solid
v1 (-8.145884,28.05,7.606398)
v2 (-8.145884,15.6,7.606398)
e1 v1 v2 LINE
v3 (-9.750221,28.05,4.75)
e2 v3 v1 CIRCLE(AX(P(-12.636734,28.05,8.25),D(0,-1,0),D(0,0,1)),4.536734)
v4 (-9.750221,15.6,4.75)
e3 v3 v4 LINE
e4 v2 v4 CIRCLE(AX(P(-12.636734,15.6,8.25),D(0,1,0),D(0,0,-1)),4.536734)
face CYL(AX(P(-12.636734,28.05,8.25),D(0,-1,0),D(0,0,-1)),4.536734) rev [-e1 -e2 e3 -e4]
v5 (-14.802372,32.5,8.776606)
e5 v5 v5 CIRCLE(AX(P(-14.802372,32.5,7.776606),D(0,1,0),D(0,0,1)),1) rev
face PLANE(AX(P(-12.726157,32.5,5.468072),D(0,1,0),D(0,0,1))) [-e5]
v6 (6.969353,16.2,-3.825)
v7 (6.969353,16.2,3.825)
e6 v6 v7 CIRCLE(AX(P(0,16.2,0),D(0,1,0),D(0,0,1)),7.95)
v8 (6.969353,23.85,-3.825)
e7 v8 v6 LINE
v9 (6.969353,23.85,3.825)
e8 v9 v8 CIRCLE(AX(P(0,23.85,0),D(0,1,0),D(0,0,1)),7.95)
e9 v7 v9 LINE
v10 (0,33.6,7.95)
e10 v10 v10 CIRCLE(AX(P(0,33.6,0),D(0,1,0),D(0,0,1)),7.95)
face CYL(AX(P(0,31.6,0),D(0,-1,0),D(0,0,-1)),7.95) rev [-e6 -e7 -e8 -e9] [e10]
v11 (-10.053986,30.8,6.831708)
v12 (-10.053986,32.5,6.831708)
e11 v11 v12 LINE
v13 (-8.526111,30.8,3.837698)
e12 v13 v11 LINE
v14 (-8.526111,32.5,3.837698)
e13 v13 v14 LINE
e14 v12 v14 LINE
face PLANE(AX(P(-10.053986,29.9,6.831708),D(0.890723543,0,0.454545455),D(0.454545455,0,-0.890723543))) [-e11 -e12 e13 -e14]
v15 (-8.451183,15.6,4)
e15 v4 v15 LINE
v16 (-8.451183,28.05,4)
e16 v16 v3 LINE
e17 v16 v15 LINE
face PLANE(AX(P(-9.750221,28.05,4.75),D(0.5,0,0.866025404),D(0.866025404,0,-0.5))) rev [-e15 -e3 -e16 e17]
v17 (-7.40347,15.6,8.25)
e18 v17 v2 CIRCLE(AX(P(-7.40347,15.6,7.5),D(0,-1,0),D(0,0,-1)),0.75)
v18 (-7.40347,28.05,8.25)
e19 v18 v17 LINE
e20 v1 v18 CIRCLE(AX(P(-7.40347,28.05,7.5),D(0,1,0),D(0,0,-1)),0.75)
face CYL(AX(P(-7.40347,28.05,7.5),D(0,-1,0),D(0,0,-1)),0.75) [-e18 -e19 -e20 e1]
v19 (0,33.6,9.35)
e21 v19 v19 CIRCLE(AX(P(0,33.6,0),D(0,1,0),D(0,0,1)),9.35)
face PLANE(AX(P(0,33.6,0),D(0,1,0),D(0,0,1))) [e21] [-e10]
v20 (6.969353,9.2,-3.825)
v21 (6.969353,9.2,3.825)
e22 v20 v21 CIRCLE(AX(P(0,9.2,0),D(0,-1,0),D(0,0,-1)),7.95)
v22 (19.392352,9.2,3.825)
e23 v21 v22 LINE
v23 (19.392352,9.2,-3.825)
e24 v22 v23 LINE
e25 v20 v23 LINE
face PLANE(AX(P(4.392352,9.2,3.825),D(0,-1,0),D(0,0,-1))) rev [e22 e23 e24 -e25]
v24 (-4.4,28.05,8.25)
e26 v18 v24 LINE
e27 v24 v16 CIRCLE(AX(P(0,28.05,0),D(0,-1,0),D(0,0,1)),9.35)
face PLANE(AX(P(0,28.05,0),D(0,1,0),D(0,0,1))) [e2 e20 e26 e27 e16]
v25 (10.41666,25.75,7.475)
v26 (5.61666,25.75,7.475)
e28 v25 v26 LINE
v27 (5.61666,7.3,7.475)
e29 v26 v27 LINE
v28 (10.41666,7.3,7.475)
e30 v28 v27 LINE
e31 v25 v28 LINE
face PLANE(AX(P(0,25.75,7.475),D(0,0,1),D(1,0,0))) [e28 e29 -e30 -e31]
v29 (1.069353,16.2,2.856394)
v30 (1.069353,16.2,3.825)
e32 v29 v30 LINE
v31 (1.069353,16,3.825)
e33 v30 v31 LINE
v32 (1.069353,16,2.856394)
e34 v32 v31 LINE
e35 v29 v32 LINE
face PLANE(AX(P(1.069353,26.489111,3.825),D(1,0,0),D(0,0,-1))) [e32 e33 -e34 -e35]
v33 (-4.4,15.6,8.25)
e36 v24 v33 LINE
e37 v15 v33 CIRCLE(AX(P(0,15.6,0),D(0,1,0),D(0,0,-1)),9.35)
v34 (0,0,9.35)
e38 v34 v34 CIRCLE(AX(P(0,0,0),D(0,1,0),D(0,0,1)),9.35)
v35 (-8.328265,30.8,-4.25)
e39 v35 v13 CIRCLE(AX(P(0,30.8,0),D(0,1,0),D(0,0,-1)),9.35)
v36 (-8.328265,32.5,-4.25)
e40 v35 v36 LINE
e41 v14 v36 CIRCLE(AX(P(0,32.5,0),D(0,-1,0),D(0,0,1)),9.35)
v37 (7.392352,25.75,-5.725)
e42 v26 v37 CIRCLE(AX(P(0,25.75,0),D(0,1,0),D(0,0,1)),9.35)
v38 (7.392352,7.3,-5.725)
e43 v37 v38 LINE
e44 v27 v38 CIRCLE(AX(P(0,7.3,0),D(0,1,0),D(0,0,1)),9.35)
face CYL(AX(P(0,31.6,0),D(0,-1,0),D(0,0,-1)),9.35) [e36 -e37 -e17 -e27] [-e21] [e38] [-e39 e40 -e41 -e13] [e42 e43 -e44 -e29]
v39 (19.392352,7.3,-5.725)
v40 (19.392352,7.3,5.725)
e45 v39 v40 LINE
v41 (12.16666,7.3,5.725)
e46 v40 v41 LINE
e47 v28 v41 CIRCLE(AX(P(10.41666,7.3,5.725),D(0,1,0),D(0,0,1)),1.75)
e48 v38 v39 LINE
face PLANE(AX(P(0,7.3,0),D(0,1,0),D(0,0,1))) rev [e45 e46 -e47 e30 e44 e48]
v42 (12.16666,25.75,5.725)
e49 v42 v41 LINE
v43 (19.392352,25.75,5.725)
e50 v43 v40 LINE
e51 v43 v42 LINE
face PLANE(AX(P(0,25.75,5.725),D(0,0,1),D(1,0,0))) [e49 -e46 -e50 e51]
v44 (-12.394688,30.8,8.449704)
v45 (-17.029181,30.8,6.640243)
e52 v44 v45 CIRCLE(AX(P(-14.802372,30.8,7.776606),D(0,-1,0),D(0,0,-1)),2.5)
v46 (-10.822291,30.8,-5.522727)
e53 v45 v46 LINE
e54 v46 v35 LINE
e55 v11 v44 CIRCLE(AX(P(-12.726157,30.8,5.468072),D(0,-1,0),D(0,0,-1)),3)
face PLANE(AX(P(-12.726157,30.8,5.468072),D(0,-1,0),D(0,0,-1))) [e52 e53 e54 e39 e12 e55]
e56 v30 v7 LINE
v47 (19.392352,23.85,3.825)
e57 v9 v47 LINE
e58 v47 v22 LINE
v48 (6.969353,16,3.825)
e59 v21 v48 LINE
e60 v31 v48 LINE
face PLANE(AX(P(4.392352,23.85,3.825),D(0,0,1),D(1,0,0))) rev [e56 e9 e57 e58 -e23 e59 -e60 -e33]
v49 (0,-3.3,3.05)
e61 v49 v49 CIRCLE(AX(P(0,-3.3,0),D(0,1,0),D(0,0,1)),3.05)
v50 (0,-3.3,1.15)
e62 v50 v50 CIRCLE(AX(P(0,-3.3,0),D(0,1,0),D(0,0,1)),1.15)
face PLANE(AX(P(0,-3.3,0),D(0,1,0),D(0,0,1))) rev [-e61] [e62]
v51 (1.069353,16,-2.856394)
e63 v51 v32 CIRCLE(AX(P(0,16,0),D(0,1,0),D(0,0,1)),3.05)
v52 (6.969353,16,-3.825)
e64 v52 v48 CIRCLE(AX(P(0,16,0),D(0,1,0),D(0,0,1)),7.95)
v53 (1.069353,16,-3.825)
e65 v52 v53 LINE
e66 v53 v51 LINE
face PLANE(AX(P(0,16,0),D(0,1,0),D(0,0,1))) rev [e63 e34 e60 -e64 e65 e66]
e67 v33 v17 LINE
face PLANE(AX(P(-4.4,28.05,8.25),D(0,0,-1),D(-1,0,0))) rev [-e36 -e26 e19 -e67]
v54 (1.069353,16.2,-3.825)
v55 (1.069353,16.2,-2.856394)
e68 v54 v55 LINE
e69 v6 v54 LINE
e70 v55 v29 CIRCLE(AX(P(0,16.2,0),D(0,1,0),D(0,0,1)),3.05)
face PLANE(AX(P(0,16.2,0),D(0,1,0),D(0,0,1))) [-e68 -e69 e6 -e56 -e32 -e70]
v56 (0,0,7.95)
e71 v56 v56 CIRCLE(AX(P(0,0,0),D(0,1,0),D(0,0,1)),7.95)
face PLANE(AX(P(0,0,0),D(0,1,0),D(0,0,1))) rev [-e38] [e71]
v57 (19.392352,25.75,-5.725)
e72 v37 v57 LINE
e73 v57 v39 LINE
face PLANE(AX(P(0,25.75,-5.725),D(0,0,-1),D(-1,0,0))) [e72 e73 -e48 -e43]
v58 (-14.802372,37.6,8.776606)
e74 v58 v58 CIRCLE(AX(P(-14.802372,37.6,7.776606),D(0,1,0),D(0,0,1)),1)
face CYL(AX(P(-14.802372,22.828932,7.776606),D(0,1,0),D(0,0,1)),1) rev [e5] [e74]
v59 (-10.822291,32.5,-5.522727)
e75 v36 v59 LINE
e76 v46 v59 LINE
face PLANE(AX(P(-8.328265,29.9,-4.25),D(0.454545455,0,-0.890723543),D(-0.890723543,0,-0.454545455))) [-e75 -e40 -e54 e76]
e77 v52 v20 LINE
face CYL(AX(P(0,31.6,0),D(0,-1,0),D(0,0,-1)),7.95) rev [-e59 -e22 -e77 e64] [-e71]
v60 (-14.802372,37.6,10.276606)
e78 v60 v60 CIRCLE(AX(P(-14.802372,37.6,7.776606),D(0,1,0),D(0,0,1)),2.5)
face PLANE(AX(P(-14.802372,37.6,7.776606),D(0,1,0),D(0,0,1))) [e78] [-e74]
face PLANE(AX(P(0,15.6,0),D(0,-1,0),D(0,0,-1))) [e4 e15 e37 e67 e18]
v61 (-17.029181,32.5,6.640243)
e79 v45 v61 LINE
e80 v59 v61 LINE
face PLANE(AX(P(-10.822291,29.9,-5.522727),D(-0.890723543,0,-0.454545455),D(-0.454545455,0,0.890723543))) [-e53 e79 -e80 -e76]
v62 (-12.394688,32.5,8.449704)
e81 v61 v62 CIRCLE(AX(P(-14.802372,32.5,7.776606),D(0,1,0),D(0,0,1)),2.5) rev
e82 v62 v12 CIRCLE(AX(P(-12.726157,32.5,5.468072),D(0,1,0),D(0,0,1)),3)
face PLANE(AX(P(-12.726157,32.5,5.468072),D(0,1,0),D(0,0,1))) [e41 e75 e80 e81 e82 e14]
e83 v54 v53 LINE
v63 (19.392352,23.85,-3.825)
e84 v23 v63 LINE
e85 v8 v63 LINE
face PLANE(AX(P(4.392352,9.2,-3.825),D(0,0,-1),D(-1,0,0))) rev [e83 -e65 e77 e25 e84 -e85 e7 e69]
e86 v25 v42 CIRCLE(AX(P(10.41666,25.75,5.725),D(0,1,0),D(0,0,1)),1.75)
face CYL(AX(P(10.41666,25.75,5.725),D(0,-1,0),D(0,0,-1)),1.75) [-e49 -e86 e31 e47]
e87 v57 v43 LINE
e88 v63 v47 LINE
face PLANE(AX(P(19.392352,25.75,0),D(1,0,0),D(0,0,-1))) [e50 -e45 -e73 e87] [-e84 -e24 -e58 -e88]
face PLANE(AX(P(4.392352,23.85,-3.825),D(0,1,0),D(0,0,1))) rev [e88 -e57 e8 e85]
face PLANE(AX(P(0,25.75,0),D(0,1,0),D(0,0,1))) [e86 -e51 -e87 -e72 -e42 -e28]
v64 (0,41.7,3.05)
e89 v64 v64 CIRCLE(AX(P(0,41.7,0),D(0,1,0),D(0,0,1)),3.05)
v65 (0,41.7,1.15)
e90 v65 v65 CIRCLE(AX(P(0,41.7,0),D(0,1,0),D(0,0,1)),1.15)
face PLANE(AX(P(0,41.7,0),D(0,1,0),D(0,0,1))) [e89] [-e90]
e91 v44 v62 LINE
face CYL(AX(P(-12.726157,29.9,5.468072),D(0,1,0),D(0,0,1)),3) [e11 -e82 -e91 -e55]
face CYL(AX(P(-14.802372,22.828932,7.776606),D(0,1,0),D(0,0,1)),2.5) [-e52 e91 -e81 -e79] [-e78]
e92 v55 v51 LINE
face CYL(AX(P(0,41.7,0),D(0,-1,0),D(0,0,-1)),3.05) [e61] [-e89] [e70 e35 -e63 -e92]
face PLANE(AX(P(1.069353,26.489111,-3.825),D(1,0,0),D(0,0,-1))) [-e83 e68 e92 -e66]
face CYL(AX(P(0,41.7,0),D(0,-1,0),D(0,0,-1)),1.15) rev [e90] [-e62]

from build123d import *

# Parameters (mm, degrees)
SKETCH1_R            = 9.35
SKETCH1_R_2          = 7.95
BOSS_EXTRUDE1_DEPTH  = 31.6
SKETCH2_R            = 3.05
SKETCH2_R_2          = 1.15
BOSS_EXTRUDE2_DEPTH  = 45
BOSS_EXTRUDE3_DEPTH  = 18.45
SKETCH5_W            = 7.65
SKETCH5_H            = 14.65
CUT_EXTRUDE1_DEPTH   = 15
SKETCH6_R            = 7.95
SKETCH6_R_2          = 3.05
BOSS_EXTRUDE4_DEPTH  = 0.2
CUT_EXTRUDE4_DEPTH   = 0.2
BOSS_EXTRUDE5_DEPTH  = 7.45
BOSS_EXTRUDE6_DEPTH  = 1.7
BOSS_EXTRUDE7_START  = -1.7
SKETCH10_R           = 2.5
SKETCH10_R_2         = 1
BOSS_EXTRUDE7_DEPTH  = 7.7
BOSS_EXTRUDE8_DEPTH  = 1.7
BOSS_EXTRUDE9_DEPTH  = 5
SKETCH13_R           = 9.35
SKETCH13_R_2         = 7.95
BOSS_EXTRUDE12_DEPTH = 2
BOSS_EXTRUDE13_DEPTH = 1.7
CUT_EXTRUDE5_DEPTH   = 0.9
BOSS_EXTRUDE14_DEPTH = 0.9


with BuildPart() as part:
    # Sketch1 → Boss-Extrude1 (new body)
    with BuildSketch(Plane(origin=(0, 0, 0), x_dir=(1, 0, 0), z_dir=(0, 1, 0))):
        Circle(SKETCH1_R)
        Circle(SKETCH1_R_2, mode=Mode.SUBTRACT)
    extrude(amount=BOSS_EXTRUDE1_DEPTH)

    # Sketch4 → Boss-Extrude3 (add)
    with BuildSketch(Plane(origin=(0, 7.3, 0), x_dir=(1, 0, 0), z_dir=(0, 1, 0))):
        with BuildLine():
            Line((19.392352467, 5.725), (7.392352467, 5.725))
            ThreePointArc((7.392352467, 5.725), (9.266531417, -1.24655345), (5.616660485, -7.475))
            Line((5.616660485, -7.475), (10.416660485, -7.475))
            ThreePointArc((10.416660485, -7.475), (11.654097352, -6.962436867), (12.166660485, -5.725))
            Line((12.166660485, -5.725), (19.392352467, -5.725))
            Line((19.392352467, -5.725), (19.392352467, 5.725))
        make_face()
    extrude(amount=BOSS_EXTRUDE3_DEPTH)

    # Sketch5 → Cut-Extrude1 (cut)
    with BuildSketch(Plane(origin=(19.392352467, 0, 0), x_dir=(0, 0, -1), z_dir=(1, 0, 0))):
        with Locations((0, 16.525)):
            Rectangle(SKETCH5_W, SKETCH5_H)
    extrude(amount=-CUT_EXTRUDE1_DEPTH, mode=Mode.SUBTRACT)



with BuildPart() as body_2:
    # Sketch2 → Boss-Extrude2 (new body)
    with BuildSketch(Plane(origin=(0, -3.3, 0), x_dir=(1, 0, 0), z_dir=(0, 1, 0))):
        Circle(SKETCH2_R)
        Circle(SKETCH2_R_2, mode=Mode.SUBTRACT)
    extrude(amount=BOSS_EXTRUDE2_DEPTH)


with BuildPart() as part_1:
    add(part.part)

    add(body_2.part)  # Boss-Extrude4 merges body 2
    # Sketch6 → Boss-Extrude4 (add)
    with BuildSketch(Plane(origin=(0, 16, 0), x_dir=(1, 0, 0), z_dir=(0, 1, 0))):
        Circle(SKETCH6_R)
        Circle(SKETCH6_R_2, mode=Mode.SUBTRACT)
    extrude(amount=BOSS_EXTRUDE4_DEPTH)

    # Sketch7 → Cut-Extrude4 (cut)
    with BuildSketch(Plane(origin=(0, 16, 0), x_dir=(1, 0, 0), z_dir=(0, 1, 0))):
        with BuildLine():
            Line((6.969352552, 3.825), (1.069352552, 3.825))
            Line((1.069352552, 3.825), (1.069352552, 2.856393726))
            ThreePointArc((1.069352552, 2.856393726), (3.05, 0), (1.069352552, -2.856393726))
            Line((1.069352552, -2.856393726), (1.069352552, -3.825))
            Line((1.069352552, -3.825), (6.969352552, -3.825))
            ThreePointArc((6.969352552, -3.825), (7.95, 0), (6.969352552, 3.825))
        make_face()
    extrude(amount=CUT_EXTRUDE4_DEPTH, mode=Mode.SUBTRACT)

    # Sketch8 → Boss-Extrude5 (add)
    with BuildSketch(Plane(origin=(0, 20.6, 0), x_dir=(1, 0, 0), z_dir=(0, 1, 0))):
        with BuildLine():
            Line((-4.4, -8.25), (-7.403469592, -8.25))
            ThreePointArc((-7.403469592, -8.25), (-7.894744058, -8.066700449), (-8.145884154, -7.606398397))
            ThreePointArc((-8.145884154, -7.606398397), (-8.681216078, -6.028326508), (-9.750221455, -4.75))
            Line((-9.750221455, -4.75), (-8.451183349, -4))
            ThreePointArc((-8.451183349, -4), (-6.767854414, -6.451251555), (-4.4, -8.25))
        make_face()
    extrude(amount=BOSS_EXTRUDE5_DEPTH)

    # Sketch12 → Boss-Extrude9 (add)
    with BuildSketch(Plane.XZ.offset(-20.6)):
        with BuildLine():
            Line((-4.4, 8.25), (-7.403469592, 8.25))
            ThreePointArc((-7.403469592, 8.25), (-7.894744058, 8.066700449), (-8.145884154, 7.606398397))
            ThreePointArc((-8.145884154, 7.606398397), (-8.681216078, 6.028326508), (-9.750221455, 4.75))
            Line((-9.750221455, 4.75), (-8.451183349, 4))
            ThreePointArc((-8.451183349, 4), (-6.767854414, 6.451251555), (-4.4, 8.25))
        make_face()
    extrude(amount=BOSS_EXTRUDE9_DEPTH)



with BuildPart() as body_2_2:
    # Sketch9 → Boss-Extrude6 (new body)
    with BuildSketch(Plane(origin=(0, 31.6, 0), x_dir=(1, 0, 0), z_dir=(0, 1, 0))):
        with BuildLine():
            Line((-8.328265125, 4.25), (-10.822291045, 5.522727273))
            Line((-10.822291045, 5.522727273), (-17.029180659, -6.640242682))
            Line((-17.029180659, -6.640242682), (-14.089792968, -8.140242682))
            ThreePointArc((-14.089792968, -8.140242682), (-11.800883152, -8.321818546), (-10.053985976, -6.831708418))
            Line((-10.053985976, -6.831708418), (-8.526111367, -3.837697872))
            ThreePointArc((-8.526111367, -3.837697872), (-9.347203644, 0.228657047), (-8.328265125, 4.25))
        make_face()
    extrude(amount=-BOSS_EXTRUDE6_DEPTH)

    # Sketch10 → Boss-Extrude7 (add)
    with BuildSketch(Plane(origin=(0, 31.6, 0), x_dir=(1, 0, 0), z_dir=(0, 1, 0)).offset(BOSS_EXTRUDE7_START)):
        with Locations((-14.802371802, -7.776606319)):
            Circle(SKETCH10_R)
        with Locations((-14.802371802, -7.776606319)):
            Circle(SKETCH10_R_2, mode=Mode.SUBTRACT)
    extrude(amount=BOSS_EXTRUDE7_DEPTH)

    # Sketch11 → Boss-Extrude8 (add)
    with BuildSketch(Plane(origin=(0, 31.6, 0), x_dir=(1, 0, 0), z_dir=(0, 1, 0))):
        with BuildLine():
            Line((-15.693095345, -7.322060864), (-14.089792968, -8.140242682))
            ThreePointArc((-14.089792968, -8.140242682), (-13.999922503, -8.184231187), (-13.908635087, -8.225198209))
            ThreePointArc((-13.908635087, -8.225198209), (-15.253942988, -8.668841413), (-15.693095345, -7.322060864))
        make_face()
    extrude(amount=-BOSS_EXTRUDE8_DEPTH)


with BuildPart() as part_2:
    add(part_1.part)

    add(body_2_2.part)  # Boss-Extrude12 merges body 2 2
    # Sketch13 → Boss-Extrude12 (add)
    with BuildSketch(Plane(origin=(0, 31.6, 0), x_dir=(1, 0, 0), z_dir=(0, 1, 0))):
        Circle(SKETCH13_R)
        Circle(SKETCH13_R_2, mode=Mode.SUBTRACT)
    extrude(amount=BOSS_EXTRUDE12_DEPTH)

    # Sketch14 → Boss-Extrude13 (add)
    with BuildSketch(Plane(origin=(0, 31.6, 0), x_dir=(1, 0, 0), z_dir=(0, 1, 0))):
        with BuildLine():
            Line((-10.053985976, -6.831708418), (-8.526111367, -3.837697872))
            ThreePointArc((-8.526111367, -3.837697872), (-9.347203644, 0.228657047), (-8.328265125, 4.25))
            Line((-8.328265125, 4.25), (-10.822291045, 5.522727273))
            Line((-10.822291045, 5.522727273), (-17.029180659, -6.640242682))
            ThreePointArc((-17.029180659, -6.640242682), (-15.711611281, -10.105400764), (-12.394688357, -8.449703956))
            ThreePointArc((-12.394688357, -8.449703956), (-11.020302269, -7.935876946), (-10.053985976, -6.831708418))
        make_face()
    extrude(amount=-BOSS_EXTRUDE13_DEPTH)

    # Sketch15 → Cut-Extrude5 (cut)
    with BuildSketch(Plane.XZ.offset(-29.9)):
        with BuildLine():
            Line((-17.029180659, 6.640242682), (-10.822291045, -5.522727273))
            Line((-10.822291045, -5.522727273), (-8.328265125, -4.25))
            ThreePointArc((-8.328265125, -4.25), (-9.347203644, -0.228657047), (-8.526111367, 3.837697872))
            Line((-8.526111367, 3.837697872), (-10.053985976, 6.831708418))
            ThreePointArc((-10.053985976, 6.831708418), (-11.020302269, 7.935876946), (-12.394688357, 8.449703956))
            ThreePointArc((-12.394688357, 8.449703956), (-15.711611281, 10.105400764), (-17.029180659, 6.640242682))
        make_face()
    extrude(amount=-CUT_EXTRUDE5_DEPTH, mode=Mode.SUBTRACT)

    # Sketch17 → Boss-Extrude14 (add)
    with BuildSketch(Plane(origin=(0, 31.6, 0), x_dir=(1, 0, 0), z_dir=(0, 1, 0))):
        with BuildLine():
            Line((-10.053985976, -6.831708418), (-8.526111367, -3.837697872))
            ThreePointArc((-8.526111367, -3.837697872), (-9.347203644, 0.228657047), (-8.328265125, 4.25))
            Line((-8.328265125, 4.25), (-10.822291045, 5.522727273))
            Line((-10.822291045, 5.522727273), (-17.029180659, -6.640242682))
            ThreePointArc((-17.029180659, -6.640242682), (-15.711611281, -10.105400764), (-12.394688357, -8.449703956))
            ThreePointArc((-12.394688357, -8.449703956), (-11.020302269, -7.935876946), (-10.053985976, -6.831708418))
        make_face()
    extrude(amount=BOSS_EXTRUDE14_DEPTH)


solid = part_2.part
